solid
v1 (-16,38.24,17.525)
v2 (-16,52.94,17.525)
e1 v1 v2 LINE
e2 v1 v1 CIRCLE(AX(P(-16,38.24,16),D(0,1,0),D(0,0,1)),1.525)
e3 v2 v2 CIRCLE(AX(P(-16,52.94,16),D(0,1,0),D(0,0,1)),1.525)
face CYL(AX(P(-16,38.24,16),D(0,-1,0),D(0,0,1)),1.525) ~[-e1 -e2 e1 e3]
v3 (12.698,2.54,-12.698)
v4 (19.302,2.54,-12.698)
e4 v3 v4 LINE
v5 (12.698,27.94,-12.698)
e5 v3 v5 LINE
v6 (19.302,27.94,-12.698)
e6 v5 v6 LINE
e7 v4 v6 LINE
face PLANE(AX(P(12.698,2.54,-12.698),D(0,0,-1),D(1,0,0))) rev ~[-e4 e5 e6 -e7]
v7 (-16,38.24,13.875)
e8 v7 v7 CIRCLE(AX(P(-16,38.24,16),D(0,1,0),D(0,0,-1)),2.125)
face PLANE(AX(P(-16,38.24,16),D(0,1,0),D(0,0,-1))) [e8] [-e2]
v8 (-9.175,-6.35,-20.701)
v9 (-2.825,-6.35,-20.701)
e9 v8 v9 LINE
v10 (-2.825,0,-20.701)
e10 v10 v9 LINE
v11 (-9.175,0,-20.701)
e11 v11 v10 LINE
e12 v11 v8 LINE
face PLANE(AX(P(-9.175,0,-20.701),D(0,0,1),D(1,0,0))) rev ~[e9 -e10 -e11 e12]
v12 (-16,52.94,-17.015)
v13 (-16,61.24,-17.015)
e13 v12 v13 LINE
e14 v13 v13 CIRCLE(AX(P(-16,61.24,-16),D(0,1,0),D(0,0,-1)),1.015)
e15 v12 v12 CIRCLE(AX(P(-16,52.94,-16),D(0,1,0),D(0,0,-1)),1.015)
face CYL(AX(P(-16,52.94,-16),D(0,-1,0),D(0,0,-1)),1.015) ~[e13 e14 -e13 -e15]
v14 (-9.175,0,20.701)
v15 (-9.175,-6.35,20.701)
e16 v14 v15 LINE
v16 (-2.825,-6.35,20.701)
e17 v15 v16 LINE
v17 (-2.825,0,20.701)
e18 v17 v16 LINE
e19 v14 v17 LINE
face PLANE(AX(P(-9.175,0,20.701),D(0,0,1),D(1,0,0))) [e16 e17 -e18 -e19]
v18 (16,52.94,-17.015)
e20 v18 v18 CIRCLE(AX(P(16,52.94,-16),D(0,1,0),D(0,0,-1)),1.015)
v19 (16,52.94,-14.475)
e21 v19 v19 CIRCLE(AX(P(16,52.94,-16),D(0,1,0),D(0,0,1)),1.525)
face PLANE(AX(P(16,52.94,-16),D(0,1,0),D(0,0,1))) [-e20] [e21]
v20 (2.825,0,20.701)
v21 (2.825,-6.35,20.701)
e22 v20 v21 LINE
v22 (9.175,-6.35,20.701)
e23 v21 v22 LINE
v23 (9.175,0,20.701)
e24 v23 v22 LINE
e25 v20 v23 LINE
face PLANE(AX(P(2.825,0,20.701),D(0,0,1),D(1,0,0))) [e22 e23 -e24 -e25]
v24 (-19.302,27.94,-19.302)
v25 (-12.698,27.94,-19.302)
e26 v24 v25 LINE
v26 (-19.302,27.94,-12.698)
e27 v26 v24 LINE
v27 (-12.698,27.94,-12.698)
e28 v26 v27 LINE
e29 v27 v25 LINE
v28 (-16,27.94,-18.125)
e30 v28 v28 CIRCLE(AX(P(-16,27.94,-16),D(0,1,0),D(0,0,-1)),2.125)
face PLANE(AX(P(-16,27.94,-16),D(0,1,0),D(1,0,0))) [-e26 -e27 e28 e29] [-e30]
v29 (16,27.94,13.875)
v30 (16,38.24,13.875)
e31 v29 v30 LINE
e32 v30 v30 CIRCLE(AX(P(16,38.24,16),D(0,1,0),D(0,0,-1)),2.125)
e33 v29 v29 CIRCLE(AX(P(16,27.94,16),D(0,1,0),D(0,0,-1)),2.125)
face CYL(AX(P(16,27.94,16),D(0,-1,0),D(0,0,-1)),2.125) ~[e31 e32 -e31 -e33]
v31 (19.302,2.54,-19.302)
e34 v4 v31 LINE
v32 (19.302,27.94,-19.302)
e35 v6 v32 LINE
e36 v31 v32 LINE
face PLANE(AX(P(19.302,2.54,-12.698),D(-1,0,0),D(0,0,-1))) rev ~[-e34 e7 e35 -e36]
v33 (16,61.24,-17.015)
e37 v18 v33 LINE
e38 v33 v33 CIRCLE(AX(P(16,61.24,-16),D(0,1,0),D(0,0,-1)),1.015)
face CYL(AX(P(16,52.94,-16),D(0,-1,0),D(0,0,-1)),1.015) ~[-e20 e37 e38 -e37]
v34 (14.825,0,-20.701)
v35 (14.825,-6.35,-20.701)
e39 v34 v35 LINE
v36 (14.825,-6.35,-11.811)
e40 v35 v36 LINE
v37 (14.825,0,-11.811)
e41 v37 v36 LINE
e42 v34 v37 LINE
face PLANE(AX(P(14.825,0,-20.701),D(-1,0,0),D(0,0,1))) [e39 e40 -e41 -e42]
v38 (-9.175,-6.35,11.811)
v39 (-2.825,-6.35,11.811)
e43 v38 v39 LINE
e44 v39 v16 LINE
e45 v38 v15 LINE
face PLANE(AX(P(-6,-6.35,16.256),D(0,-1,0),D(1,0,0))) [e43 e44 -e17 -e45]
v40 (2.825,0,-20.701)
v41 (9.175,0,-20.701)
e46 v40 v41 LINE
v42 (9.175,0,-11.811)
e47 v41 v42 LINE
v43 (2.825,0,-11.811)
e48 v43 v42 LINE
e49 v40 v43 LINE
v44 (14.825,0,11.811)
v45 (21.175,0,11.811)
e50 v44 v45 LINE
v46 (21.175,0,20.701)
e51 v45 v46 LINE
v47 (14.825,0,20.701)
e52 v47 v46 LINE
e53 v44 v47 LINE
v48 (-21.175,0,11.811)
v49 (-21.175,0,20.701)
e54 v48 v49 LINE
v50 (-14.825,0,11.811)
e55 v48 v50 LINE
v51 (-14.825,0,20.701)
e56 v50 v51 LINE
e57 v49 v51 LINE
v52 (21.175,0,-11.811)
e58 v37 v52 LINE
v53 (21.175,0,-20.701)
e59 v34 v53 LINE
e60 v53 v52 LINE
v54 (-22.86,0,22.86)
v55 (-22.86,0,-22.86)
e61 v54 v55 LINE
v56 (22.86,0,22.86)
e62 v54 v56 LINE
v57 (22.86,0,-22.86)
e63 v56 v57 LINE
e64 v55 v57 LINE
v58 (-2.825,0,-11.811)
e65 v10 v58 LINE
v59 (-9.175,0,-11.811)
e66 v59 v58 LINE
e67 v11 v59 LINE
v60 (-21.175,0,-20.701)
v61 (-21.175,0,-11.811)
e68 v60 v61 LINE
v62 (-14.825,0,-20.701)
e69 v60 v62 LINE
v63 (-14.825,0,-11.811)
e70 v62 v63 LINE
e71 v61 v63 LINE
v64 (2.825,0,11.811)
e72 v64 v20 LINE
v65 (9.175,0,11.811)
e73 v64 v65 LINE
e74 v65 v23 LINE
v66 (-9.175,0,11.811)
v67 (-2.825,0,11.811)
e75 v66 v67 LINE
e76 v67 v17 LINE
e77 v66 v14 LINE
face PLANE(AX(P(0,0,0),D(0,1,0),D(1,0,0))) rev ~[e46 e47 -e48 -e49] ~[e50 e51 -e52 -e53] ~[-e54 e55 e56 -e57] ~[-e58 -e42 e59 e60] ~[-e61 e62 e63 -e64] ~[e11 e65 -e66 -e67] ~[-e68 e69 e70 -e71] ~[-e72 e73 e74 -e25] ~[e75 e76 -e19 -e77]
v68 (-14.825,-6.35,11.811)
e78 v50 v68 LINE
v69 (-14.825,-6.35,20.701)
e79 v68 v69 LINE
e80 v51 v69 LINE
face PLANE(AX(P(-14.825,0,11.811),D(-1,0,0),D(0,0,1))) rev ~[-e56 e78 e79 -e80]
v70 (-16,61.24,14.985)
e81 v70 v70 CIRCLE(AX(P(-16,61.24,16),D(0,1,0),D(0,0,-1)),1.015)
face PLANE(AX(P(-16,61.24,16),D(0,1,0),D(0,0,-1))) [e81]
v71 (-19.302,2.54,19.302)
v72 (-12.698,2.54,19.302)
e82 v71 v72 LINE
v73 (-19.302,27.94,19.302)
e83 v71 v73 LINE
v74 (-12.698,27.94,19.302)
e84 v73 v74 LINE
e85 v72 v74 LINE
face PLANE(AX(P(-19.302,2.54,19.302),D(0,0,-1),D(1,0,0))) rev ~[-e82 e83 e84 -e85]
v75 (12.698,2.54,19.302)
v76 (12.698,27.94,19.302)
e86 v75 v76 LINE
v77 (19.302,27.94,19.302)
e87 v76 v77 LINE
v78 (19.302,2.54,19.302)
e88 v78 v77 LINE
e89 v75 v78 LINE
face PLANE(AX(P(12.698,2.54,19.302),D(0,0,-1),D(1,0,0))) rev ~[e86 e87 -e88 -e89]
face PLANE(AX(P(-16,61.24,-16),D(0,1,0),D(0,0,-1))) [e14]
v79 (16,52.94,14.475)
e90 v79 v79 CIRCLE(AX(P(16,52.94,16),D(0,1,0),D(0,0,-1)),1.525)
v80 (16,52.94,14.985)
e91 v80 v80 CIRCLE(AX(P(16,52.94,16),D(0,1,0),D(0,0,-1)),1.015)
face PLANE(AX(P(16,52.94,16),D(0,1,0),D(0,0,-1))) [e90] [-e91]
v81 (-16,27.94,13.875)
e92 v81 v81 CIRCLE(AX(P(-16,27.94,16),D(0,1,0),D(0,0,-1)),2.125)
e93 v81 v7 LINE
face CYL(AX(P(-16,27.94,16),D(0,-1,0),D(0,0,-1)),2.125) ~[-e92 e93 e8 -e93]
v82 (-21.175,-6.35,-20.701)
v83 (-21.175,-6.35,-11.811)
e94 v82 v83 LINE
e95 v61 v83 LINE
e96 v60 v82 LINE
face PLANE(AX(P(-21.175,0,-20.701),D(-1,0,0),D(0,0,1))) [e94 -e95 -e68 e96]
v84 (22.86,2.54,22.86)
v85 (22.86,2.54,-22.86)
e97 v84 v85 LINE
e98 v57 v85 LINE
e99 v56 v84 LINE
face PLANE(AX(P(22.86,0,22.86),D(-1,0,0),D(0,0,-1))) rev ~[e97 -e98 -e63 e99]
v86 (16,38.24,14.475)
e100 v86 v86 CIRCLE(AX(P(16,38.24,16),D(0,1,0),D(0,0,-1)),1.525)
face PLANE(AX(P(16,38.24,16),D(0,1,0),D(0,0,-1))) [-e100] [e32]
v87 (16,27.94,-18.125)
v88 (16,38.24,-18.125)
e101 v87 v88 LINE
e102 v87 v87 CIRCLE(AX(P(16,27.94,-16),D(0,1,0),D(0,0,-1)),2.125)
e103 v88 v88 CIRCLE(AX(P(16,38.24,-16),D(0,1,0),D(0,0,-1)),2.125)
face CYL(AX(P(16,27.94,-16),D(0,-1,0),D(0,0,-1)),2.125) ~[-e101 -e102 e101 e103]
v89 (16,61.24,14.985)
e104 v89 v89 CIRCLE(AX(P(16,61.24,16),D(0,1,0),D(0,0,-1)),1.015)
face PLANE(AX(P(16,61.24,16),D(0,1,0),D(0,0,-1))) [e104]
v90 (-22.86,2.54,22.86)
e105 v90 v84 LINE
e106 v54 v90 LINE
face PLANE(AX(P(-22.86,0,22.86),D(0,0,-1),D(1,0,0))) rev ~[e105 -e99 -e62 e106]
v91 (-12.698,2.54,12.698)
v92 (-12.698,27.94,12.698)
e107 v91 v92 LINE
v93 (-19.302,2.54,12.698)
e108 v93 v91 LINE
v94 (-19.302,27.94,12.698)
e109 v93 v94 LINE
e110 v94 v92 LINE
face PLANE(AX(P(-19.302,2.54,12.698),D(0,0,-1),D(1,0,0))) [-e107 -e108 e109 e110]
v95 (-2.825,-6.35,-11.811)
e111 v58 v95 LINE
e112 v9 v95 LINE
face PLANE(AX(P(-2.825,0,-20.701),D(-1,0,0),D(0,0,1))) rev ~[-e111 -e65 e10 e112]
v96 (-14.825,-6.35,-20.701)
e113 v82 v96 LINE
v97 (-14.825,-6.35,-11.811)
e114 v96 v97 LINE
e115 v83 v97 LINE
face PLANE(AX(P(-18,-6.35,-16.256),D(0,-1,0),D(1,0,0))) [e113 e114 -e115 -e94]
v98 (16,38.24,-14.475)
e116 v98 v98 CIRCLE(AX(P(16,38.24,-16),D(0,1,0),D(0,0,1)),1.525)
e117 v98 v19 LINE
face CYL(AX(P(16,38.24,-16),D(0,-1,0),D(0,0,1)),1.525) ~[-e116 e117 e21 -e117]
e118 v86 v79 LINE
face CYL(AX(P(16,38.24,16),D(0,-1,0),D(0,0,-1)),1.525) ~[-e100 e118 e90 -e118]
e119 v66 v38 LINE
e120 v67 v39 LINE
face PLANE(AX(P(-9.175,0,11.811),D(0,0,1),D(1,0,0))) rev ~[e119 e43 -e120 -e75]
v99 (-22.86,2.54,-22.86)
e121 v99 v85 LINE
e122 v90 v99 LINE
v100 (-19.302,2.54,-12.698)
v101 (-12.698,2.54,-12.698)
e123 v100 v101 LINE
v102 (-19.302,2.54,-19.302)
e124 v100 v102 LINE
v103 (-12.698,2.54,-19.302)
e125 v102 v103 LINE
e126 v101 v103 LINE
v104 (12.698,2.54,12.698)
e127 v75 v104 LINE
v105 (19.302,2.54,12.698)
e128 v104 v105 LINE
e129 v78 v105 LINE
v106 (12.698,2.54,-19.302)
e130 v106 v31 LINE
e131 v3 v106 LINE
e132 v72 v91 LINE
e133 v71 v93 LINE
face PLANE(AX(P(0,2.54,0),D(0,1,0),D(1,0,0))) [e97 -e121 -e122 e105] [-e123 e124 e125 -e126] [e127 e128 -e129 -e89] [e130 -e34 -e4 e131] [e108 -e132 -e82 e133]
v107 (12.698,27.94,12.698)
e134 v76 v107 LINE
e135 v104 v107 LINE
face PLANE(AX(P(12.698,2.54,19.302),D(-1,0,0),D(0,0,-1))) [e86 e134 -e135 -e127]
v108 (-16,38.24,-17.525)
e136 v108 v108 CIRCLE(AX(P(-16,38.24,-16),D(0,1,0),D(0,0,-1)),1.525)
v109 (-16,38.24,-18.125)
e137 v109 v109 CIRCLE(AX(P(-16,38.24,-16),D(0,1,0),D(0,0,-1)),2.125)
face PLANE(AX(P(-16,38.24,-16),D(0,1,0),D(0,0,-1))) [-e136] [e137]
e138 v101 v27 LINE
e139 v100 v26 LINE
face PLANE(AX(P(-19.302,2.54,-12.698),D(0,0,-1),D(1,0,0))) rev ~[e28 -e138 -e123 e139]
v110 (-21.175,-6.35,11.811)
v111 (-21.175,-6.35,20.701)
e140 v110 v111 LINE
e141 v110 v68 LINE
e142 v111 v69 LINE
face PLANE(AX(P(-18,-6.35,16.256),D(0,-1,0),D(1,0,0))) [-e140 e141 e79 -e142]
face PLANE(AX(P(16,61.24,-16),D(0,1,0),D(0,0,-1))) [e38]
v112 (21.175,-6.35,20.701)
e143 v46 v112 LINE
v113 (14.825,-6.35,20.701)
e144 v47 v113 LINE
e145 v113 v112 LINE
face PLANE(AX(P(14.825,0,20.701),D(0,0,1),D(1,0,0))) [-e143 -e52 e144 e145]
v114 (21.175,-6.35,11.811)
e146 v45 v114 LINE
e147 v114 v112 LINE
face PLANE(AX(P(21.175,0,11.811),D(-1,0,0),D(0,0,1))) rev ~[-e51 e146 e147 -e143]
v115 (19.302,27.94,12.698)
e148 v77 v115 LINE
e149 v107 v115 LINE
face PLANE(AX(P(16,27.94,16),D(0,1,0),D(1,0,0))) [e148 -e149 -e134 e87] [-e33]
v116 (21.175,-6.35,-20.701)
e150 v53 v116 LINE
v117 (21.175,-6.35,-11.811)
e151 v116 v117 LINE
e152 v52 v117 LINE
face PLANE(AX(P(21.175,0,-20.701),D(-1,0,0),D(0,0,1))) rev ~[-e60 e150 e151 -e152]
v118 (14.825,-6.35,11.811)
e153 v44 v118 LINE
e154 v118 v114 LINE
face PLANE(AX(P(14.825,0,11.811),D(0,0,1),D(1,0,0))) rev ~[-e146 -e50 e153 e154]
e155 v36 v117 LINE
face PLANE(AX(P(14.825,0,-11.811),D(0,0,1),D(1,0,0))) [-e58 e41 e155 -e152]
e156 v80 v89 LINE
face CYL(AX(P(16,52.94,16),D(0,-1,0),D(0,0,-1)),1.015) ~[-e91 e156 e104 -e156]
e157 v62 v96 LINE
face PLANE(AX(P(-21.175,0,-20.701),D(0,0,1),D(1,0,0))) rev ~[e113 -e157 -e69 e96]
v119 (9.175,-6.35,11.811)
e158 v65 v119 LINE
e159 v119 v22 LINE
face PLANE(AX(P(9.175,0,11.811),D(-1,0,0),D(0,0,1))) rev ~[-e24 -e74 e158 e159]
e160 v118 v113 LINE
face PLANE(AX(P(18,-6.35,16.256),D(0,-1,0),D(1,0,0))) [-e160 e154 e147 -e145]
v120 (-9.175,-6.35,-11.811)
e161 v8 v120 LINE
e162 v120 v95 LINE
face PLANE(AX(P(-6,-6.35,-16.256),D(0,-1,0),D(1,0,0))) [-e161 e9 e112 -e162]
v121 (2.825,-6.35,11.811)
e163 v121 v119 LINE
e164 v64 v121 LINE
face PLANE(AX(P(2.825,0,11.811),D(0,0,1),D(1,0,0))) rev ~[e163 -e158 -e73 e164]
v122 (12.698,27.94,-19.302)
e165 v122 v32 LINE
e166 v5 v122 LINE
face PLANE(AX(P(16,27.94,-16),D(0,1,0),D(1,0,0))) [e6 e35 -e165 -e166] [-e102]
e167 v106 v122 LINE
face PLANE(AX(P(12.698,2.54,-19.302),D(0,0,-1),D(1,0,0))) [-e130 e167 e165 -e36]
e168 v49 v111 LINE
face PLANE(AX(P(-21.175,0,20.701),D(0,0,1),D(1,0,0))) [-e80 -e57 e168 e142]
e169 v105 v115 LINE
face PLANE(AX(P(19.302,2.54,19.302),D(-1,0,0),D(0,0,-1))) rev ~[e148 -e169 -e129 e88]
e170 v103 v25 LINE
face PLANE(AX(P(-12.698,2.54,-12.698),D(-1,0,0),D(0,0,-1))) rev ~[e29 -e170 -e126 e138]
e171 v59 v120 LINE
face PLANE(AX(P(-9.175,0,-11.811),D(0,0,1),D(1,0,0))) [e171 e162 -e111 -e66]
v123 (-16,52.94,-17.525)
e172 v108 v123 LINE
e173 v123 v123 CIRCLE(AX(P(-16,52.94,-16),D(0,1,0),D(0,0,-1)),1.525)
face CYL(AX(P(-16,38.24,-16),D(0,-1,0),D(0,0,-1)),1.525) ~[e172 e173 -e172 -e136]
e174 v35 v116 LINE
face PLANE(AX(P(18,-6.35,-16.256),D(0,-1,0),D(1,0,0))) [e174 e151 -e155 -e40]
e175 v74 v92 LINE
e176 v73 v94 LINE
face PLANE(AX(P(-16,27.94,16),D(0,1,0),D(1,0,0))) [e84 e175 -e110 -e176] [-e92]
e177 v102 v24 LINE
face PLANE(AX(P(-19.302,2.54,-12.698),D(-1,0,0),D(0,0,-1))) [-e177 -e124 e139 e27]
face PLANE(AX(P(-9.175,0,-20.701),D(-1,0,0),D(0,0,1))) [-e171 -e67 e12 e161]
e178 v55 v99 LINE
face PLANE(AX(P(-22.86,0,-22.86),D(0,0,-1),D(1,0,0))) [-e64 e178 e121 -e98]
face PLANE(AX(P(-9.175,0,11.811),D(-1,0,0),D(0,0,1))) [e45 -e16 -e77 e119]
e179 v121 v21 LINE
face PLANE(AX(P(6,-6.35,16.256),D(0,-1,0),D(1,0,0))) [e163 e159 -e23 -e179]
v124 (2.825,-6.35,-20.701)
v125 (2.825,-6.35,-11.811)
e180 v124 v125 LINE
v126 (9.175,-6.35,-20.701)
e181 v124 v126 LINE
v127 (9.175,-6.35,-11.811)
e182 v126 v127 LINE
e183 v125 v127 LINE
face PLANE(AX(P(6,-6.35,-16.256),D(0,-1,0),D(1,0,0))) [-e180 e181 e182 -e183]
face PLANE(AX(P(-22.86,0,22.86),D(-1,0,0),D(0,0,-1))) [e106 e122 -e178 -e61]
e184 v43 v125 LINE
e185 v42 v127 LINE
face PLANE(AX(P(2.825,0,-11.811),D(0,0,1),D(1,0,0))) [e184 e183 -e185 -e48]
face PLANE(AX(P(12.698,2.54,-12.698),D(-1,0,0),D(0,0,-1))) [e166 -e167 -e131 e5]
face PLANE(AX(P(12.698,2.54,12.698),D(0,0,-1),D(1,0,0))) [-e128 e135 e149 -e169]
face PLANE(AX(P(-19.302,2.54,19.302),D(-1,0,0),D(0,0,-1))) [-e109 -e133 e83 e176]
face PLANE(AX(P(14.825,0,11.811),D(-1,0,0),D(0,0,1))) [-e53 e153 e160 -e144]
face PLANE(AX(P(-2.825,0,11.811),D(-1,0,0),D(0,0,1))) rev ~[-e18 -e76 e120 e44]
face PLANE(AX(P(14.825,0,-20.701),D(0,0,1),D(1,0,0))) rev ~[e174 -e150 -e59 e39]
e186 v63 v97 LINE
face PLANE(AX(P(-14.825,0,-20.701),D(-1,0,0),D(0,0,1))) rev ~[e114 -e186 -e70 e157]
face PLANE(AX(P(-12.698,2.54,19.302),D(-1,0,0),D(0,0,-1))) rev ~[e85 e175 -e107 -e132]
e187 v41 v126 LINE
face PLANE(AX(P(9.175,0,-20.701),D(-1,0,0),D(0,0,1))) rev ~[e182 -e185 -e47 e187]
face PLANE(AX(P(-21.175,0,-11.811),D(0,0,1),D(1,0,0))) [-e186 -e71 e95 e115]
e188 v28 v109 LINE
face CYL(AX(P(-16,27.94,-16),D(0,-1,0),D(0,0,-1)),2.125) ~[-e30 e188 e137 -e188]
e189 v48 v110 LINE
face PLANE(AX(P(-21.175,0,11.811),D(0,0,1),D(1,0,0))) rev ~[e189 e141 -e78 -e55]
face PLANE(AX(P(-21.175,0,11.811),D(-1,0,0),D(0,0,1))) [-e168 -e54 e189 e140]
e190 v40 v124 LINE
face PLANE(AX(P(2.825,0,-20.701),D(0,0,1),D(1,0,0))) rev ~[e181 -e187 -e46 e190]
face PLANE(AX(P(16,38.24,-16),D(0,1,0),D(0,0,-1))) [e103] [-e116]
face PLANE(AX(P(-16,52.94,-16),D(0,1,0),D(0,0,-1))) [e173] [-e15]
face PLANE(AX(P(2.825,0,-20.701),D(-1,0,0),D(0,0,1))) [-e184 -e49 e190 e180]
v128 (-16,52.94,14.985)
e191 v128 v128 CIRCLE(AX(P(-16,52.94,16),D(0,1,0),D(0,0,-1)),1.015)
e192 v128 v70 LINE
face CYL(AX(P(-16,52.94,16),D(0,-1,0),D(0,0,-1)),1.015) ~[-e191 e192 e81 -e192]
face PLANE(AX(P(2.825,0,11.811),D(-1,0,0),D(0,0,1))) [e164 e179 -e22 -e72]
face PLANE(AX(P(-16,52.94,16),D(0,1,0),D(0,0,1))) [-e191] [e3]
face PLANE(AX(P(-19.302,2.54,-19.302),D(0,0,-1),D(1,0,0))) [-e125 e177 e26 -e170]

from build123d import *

# Parameters (mm, degrees)
SKETCH1_W           = 45.72
SKETCH1_H           = 45.72
BOSS_EXTRUDE1_DEPTH = 2.54
SKETCH2_W           = 6.604
SKETCH2_H           = 6.604
BOSS_EXTRUDE2_DEPTH = 25.4
SKETCH5_R           = 2.125
BOSS_EXTRUDE5_DEPTH = 10.3
SKETCH8_R           = 1.525
BOSS_EXTRUDE8_DEPTH = 14.7
SKETCH9_R           = 1.015
BOSS_EXTRUDE9_DEPTH = 8.3
SKETCH7_W           = 6.35
SKETCH7_H           = 8.89
BOSS_EXTRUDE7_DEPTH = 6.35


with BuildPart() as part:
    # Sketch1 → Boss-Extrude1 (new body)
    with BuildSketch(Plane(origin=(0, 0, 0), x_dir=(1, 0, 0), z_dir=(0, 1, 0))):
        Rectangle(SKETCH1_W, SKETCH1_H)
    extrude(amount=BOSS_EXTRUDE1_DEPTH)

    # Sketch2 → Boss-Extrude2 (add)
    with BuildSketch(Plane(origin=(0, 2.54, 0), x_dir=(1, 0, 0), z_dir=(0, 1, 0))):
        with Locations((16.000000004, 16.000000004)):
            Rectangle(SKETCH2_W, SKETCH2_H)
        with Locations((-16.000000004, 16.000000004)):
            Rectangle(SKETCH2_W, SKETCH2_H)
        with Locations((-16.000000004, -16.000000004)):
            Rectangle(SKETCH2_W, SKETCH2_H)
        with Locations((16.000000004, -16.000000004)):
            Rectangle(SKETCH2_W, SKETCH2_H)
    extrude(amount=BOSS_EXTRUDE2_DEPTH)

    # Sketch5 → Boss-Extrude5 (add)
    with BuildSketch(Plane(origin=(0, 27.94, 0), x_dir=(1, 0, 0), z_dir=(0, 1, 0))):
        with Locations(Location((-16.000000004, 16.000000004, 0), (0, 0, 90))):
            Circle(SKETCH5_R)
        with Locations(Location((16.000000004, 16.000000004, 0), (0, 0, 90))):
            Circle(SKETCH5_R)
        with Locations(Location((-16.000000004, -16.000000004, 0), (0, 0, 90))):
            Circle(SKETCH5_R)
        with Locations(Location((16.000000004, -16.000000004, 0), (0, 0, 90))):
            Circle(SKETCH5_R)
    extrude(amount=BOSS_EXTRUDE5_DEPTH)

    # Sketch8 → Boss-Extrude8 (add)
    with BuildSketch(Plane(origin=(0, 38.24, 0), x_dir=(1, 0, 0), z_dir=(0, 1, 0))):
        with Locations(Location((16, 16, 0), (0, 0, 270))):
            Circle(SKETCH8_R)
        with Locations(Location((-16, 16, 0), (0, 0, 90))):
            Circle(SKETCH8_R)
        with Locations(Location((-16, -16, 0), (0, 0, 270))):
            Circle(SKETCH8_R)
        with Locations(Location((16, -16, 0), (0, 0, 90))):
            Circle(SKETCH8_R)
    extrude(amount=BOSS_EXTRUDE8_DEPTH)

    # Sketch9 → Boss-Extrude9 (add)
    with BuildSketch(Plane(origin=(0, 52.94, 0), x_dir=(1, 0, 0), z_dir=(0, 1, 0))):
        with Locations(Location((16, 16, 0), (0, 0, 90))):
            Circle(SKETCH9_R)
        with Locations(Location((-16, 16, 0), (0, 0, 90))):
            Circle(SKETCH9_R)
        with Locations(Location((-16, -16, 0), (0, 0, 90))):
            Circle(SKETCH9_R)
        with Locations(Location((16, -16, 0), (0, 0, 90))):
            Circle(SKETCH9_R)
    extrude(amount=BOSS_EXTRUDE9_DEPTH)

    # Sketch7 → Boss-Extrude7 (add)
    with BuildSketch(Plane.XZ):
        with Locations((-6, 16.256)):
            Rectangle(SKETCH7_W, SKETCH7_H)
        with Locations((-18, 16.256)):
            Rectangle(SKETCH7_W, SKETCH7_H)
        with Locations((6, 16.256)):
            Rectangle(SKETCH7_W, SKETCH7_H)
        with Locations((18, 16.256)):
            Rectangle(SKETCH7_W, SKETCH7_H)
        with Locations((-6, -16.256)):
            Rectangle(SKETCH7_W, SKETCH7_H)
        with Locations((-18, -16.256)):
            Rectangle(SKETCH7_W, SKETCH7_H)
        with Locations((18, -16.256)):
            Rectangle(SKETCH7_W, SKETCH7_H)
        with Locations((6, -16.256)):
            Rectangle(SKETCH7_W, SKETCH7_H)
    extrude(amount=BOSS_EXTRUDE7_DEPTH)


solid = part.part
